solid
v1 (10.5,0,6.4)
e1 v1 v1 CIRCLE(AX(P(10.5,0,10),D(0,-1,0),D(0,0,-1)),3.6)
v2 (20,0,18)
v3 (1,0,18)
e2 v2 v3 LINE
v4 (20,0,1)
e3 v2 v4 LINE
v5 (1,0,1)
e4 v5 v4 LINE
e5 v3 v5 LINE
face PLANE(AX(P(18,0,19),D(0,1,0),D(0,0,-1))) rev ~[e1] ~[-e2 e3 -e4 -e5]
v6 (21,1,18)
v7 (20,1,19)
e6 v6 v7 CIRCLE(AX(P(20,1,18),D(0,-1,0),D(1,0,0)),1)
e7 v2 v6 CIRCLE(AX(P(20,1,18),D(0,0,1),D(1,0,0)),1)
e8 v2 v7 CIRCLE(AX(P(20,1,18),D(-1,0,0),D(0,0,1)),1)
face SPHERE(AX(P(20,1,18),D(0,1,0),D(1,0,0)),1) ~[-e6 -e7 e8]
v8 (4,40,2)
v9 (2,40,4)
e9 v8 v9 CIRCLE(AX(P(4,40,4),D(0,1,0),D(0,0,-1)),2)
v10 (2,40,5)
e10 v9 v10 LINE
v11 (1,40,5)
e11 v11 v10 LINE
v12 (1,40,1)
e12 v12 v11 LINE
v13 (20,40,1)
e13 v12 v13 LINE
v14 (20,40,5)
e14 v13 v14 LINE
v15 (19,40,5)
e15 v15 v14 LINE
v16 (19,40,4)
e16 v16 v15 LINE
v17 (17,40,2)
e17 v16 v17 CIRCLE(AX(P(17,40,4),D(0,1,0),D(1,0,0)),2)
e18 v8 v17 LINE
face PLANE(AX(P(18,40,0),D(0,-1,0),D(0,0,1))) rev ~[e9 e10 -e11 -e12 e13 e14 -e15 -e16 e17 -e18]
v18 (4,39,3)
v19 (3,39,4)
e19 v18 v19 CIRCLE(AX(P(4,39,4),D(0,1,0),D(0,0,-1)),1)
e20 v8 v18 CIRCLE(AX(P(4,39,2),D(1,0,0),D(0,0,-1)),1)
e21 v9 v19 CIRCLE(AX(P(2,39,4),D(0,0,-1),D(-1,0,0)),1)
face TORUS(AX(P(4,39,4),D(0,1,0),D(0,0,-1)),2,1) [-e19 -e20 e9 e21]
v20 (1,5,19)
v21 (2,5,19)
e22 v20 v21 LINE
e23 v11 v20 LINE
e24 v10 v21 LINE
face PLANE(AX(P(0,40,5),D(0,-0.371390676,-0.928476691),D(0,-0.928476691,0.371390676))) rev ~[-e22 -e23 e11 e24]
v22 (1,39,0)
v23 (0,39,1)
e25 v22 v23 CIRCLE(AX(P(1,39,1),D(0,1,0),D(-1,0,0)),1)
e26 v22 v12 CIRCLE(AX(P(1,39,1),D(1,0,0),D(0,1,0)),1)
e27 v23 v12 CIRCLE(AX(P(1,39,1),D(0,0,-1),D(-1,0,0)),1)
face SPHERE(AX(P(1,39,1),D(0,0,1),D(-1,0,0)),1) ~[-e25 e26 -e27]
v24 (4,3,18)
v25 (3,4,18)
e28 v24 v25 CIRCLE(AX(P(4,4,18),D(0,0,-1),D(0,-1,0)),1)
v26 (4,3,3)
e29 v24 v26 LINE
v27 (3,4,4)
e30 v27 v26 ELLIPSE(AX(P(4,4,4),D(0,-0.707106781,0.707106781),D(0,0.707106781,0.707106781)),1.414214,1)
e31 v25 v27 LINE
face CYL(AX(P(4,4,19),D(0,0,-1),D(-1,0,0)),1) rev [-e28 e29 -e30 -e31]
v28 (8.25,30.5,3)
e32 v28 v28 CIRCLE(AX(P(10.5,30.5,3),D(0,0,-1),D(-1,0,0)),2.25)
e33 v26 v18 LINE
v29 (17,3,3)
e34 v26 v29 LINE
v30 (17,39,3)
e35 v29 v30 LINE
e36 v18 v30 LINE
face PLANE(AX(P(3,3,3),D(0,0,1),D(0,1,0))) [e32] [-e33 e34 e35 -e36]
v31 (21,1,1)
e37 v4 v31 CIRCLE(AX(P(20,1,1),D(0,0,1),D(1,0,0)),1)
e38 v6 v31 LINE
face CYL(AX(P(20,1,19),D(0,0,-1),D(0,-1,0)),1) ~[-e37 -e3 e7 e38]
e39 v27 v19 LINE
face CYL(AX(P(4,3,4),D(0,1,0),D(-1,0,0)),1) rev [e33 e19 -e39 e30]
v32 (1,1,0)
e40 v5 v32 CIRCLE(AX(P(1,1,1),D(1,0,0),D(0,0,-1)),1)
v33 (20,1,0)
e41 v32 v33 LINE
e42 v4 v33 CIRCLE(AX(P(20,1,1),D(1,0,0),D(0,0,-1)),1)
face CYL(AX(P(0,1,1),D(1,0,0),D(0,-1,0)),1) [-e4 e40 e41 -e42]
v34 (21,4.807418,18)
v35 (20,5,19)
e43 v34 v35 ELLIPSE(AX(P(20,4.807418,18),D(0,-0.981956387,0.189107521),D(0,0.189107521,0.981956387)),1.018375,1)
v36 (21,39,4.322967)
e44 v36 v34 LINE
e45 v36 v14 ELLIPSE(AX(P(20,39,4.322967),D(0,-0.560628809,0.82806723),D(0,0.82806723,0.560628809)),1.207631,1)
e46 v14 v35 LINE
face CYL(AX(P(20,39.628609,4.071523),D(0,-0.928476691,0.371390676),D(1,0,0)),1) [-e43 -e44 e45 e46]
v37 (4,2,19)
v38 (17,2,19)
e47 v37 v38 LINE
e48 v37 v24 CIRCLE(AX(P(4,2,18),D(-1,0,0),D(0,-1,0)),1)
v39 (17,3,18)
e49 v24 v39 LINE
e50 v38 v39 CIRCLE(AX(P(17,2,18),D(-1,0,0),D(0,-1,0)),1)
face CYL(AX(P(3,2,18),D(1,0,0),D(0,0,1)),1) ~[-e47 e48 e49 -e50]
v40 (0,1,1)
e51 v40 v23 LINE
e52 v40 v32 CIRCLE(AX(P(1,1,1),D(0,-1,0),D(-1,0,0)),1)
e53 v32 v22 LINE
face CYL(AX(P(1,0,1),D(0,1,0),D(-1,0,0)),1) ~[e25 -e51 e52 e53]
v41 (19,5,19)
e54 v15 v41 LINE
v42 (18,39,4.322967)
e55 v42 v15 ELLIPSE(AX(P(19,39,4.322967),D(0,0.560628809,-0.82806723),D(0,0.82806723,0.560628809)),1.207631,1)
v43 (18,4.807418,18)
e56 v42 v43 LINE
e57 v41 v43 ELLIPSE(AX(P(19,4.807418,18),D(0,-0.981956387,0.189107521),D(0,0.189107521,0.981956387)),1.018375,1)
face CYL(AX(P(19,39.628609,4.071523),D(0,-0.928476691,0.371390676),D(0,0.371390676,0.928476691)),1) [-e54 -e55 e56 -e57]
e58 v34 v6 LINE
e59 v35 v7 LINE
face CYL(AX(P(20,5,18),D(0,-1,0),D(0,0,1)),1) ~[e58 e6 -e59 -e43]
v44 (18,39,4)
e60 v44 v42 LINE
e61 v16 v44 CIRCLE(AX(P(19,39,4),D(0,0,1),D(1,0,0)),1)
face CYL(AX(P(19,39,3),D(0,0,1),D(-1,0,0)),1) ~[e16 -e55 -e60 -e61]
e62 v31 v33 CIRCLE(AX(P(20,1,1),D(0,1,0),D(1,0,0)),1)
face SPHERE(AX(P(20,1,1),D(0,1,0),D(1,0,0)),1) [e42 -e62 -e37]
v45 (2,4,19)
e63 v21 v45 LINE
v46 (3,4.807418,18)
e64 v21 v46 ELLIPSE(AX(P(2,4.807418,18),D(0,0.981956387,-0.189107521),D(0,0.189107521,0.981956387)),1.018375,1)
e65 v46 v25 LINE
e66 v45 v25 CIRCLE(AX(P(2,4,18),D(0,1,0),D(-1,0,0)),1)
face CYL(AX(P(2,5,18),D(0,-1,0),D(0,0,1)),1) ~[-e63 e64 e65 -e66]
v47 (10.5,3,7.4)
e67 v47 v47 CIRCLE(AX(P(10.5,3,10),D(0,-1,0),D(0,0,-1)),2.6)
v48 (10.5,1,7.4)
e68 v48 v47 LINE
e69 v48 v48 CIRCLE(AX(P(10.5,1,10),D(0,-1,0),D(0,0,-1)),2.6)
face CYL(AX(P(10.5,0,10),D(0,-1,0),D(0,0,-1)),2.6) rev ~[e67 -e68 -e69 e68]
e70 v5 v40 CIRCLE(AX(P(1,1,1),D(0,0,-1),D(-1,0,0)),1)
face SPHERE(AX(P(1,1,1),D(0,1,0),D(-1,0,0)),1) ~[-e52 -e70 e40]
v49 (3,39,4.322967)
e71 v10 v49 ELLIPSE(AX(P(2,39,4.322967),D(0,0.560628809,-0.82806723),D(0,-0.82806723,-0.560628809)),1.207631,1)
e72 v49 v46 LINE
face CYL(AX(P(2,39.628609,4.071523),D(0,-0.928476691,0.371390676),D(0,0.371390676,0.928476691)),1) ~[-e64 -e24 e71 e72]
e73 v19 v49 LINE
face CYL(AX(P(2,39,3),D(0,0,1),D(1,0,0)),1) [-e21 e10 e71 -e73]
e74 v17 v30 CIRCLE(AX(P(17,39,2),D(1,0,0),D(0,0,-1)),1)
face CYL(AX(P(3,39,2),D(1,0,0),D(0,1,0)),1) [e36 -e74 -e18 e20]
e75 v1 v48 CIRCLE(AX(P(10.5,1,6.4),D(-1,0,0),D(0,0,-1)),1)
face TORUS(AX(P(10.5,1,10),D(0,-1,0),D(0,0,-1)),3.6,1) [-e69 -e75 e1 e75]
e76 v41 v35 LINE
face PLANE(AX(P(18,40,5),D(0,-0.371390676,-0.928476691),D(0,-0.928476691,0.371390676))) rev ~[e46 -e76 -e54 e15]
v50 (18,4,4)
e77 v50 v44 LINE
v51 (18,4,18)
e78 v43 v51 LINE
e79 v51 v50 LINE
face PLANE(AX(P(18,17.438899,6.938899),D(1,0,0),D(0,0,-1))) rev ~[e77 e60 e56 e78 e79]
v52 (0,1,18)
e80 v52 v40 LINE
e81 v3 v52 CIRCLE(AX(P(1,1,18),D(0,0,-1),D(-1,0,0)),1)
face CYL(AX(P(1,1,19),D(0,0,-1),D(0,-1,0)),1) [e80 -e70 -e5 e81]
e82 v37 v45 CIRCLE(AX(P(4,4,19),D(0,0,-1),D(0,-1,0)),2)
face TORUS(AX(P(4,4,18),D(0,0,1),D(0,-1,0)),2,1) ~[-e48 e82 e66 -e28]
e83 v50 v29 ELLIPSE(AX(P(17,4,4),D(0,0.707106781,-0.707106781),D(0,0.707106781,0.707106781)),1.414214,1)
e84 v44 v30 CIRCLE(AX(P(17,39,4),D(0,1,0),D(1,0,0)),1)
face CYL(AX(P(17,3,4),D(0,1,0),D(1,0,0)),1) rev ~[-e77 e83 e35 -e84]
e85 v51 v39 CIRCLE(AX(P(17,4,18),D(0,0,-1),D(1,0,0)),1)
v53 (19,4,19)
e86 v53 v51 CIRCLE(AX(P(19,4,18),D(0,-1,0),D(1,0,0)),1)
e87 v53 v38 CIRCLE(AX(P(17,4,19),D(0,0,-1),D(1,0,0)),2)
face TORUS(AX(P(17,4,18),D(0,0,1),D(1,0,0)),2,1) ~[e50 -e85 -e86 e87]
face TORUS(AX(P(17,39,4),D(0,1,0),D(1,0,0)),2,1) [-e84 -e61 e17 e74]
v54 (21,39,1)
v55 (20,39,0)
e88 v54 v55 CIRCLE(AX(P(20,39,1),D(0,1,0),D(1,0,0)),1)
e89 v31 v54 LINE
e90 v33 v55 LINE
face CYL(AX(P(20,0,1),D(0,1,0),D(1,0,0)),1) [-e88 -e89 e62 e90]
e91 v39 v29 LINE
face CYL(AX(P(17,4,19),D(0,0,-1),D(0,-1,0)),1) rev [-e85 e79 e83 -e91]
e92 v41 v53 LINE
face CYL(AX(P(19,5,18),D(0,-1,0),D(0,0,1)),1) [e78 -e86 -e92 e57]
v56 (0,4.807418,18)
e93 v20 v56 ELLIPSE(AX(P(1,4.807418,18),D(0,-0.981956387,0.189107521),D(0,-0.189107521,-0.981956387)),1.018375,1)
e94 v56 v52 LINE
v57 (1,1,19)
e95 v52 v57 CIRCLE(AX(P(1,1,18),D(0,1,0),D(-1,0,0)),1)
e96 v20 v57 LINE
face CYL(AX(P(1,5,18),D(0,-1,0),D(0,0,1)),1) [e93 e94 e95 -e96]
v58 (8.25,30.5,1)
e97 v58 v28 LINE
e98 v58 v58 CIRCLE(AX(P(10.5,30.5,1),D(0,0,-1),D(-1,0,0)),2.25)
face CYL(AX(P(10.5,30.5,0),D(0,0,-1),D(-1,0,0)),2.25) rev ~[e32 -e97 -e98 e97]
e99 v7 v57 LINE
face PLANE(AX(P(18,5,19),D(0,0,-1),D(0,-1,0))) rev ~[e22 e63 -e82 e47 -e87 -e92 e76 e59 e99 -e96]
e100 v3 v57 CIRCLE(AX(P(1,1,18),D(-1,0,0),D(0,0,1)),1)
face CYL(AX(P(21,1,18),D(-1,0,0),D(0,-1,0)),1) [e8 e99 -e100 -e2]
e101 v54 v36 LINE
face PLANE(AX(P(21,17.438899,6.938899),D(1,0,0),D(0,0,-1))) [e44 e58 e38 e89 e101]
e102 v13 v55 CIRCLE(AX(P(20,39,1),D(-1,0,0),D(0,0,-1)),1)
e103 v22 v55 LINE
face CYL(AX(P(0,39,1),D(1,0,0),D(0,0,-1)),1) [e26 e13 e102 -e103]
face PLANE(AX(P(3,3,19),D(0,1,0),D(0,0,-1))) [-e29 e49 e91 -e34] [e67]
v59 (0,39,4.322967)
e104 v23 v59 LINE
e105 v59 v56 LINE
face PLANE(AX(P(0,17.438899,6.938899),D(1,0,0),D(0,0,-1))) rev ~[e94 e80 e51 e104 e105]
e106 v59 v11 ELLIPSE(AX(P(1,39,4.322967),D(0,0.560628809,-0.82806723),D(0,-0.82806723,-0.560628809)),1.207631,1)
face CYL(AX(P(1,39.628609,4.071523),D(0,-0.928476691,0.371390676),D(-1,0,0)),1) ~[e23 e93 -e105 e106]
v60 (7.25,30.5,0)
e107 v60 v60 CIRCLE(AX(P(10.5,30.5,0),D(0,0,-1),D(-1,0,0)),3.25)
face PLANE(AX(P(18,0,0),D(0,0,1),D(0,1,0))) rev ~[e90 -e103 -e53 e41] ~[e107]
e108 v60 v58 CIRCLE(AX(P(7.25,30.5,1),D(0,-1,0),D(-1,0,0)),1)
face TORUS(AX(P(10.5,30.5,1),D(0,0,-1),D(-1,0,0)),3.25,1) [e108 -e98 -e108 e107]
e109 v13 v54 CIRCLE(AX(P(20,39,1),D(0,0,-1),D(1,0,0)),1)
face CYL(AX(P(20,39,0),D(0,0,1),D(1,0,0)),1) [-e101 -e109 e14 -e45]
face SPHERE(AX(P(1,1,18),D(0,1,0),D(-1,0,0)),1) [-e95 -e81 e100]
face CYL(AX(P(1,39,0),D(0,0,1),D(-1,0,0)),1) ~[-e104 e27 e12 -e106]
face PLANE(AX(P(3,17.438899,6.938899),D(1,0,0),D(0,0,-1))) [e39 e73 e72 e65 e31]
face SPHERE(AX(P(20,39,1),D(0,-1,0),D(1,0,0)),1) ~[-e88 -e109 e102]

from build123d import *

# Parameters (mm, degrees)
BOSS_EXTRUDE1_DEPTH = 3
BOSS_EXTRUDE2_DEPTH = 15
BOSS_EXTRUDE3_DEPTH = 3
SKETCH5_R           = 2.25
CUT_EXTRUDE1_DEPTH  = 3
SKETCH6_R           = 2.6
CUT_EXTRUDE2_DEPTH  = 3
FILLET1_R           = 1


with BuildPart() as part:
    # Sketch2 → Boss-Extrude1 (new body)
    with BuildSketch(Plane(origin=(0, 0, 0), x_dir=(0, 0, -1), z_dir=(1, 0, 0))):
        Polygon((0, 0), (0, 40), (-5, 40), (-19, 5), (-19, 0), align=None)
    extrude(amount=BOSS_EXTRUDE1_DEPTH)

    # Sketch3 → Boss-Extrude2 (add)
    with BuildSketch(Plane(origin=(3, 0, 0), x_dir=(0, 0, -1), z_dir=(1, 0, 0))):
        Polygon((-19, 0), (-19, 3), (-3, 3), (-3, 40), (0, 40), (0, 0), align=None)
    extrude(amount=BOSS_EXTRUDE2_DEPTH)

    # Sketch4 → Boss-Extrude3 (add)
    with BuildSketch(Plane(origin=(18, 0, 0), x_dir=(0, 0, -1), z_dir=(1, 0, 0))):
        Polygon((-19, 0), (0, 0), (0, 40), (-5, 40), (-19, 5), align=None)
    extrude(amount=BOSS_EXTRUDE3_DEPTH)

    # Sketch5 → Cut-Extrude1 (cut)
    with BuildSketch(Plane(origin=(0, 0, 0), x_dir=(-1, 0, 0), z_dir=(0, 0, -1))):
        with Locations((-10.5, 30.5)):
            Circle(SKETCH5_R)
    extrude(amount=-CUT_EXTRUDE1_DEPTH, mode=Mode.SUBTRACT)

    # Sketch6 → Cut-Extrude2 (cut)
    with BuildSketch(Plane.XZ):
        with Locations(Location((10.5, 10, 0), (0, 0, 270))):
            Circle(SKETCH6_R)
    extrude(amount=-CUT_EXTRUDE2_DEPTH, mode=Mode.SUBTRACT)

    # Fillet1
    fillet1_edges = [part.edges().sort_by_distance(p)[0] for p in [
        (3, 22.5, 12),
        (3, 4, 19),
        (3, 40, 4),
        (3, 21.5, 3),
        (10.5, 40, 3),
        (3, 3, 11),
        (10.5, 3, 19),
        (18, 21.5, 3),
        (18, 3, 11),
        (18, 40, 4),
        (18, 22.5, 12),
        (18, 4, 19),
        (21, 20, 0),
        (21, 40, 2.5),
        (21, 22.5, 12),
        (21, 2.5, 19),
        (21, 0, 9.5),
        (0, 2.5, 19),
        (12.75, 30.5, 0),
        (0, 22.5, 12),
        (10.5, 0, 12.6),
        (0, 40, 2.5),
        (0, 20, 0),
        (0, 0, 9.5),
        (10.5, 0, 19),
        (10.5, 40, 0),
        (10.5, 0, 0),
    ]]
    fillet(fillet1_edges, radius=FILLET1_R)


solid = part.part
